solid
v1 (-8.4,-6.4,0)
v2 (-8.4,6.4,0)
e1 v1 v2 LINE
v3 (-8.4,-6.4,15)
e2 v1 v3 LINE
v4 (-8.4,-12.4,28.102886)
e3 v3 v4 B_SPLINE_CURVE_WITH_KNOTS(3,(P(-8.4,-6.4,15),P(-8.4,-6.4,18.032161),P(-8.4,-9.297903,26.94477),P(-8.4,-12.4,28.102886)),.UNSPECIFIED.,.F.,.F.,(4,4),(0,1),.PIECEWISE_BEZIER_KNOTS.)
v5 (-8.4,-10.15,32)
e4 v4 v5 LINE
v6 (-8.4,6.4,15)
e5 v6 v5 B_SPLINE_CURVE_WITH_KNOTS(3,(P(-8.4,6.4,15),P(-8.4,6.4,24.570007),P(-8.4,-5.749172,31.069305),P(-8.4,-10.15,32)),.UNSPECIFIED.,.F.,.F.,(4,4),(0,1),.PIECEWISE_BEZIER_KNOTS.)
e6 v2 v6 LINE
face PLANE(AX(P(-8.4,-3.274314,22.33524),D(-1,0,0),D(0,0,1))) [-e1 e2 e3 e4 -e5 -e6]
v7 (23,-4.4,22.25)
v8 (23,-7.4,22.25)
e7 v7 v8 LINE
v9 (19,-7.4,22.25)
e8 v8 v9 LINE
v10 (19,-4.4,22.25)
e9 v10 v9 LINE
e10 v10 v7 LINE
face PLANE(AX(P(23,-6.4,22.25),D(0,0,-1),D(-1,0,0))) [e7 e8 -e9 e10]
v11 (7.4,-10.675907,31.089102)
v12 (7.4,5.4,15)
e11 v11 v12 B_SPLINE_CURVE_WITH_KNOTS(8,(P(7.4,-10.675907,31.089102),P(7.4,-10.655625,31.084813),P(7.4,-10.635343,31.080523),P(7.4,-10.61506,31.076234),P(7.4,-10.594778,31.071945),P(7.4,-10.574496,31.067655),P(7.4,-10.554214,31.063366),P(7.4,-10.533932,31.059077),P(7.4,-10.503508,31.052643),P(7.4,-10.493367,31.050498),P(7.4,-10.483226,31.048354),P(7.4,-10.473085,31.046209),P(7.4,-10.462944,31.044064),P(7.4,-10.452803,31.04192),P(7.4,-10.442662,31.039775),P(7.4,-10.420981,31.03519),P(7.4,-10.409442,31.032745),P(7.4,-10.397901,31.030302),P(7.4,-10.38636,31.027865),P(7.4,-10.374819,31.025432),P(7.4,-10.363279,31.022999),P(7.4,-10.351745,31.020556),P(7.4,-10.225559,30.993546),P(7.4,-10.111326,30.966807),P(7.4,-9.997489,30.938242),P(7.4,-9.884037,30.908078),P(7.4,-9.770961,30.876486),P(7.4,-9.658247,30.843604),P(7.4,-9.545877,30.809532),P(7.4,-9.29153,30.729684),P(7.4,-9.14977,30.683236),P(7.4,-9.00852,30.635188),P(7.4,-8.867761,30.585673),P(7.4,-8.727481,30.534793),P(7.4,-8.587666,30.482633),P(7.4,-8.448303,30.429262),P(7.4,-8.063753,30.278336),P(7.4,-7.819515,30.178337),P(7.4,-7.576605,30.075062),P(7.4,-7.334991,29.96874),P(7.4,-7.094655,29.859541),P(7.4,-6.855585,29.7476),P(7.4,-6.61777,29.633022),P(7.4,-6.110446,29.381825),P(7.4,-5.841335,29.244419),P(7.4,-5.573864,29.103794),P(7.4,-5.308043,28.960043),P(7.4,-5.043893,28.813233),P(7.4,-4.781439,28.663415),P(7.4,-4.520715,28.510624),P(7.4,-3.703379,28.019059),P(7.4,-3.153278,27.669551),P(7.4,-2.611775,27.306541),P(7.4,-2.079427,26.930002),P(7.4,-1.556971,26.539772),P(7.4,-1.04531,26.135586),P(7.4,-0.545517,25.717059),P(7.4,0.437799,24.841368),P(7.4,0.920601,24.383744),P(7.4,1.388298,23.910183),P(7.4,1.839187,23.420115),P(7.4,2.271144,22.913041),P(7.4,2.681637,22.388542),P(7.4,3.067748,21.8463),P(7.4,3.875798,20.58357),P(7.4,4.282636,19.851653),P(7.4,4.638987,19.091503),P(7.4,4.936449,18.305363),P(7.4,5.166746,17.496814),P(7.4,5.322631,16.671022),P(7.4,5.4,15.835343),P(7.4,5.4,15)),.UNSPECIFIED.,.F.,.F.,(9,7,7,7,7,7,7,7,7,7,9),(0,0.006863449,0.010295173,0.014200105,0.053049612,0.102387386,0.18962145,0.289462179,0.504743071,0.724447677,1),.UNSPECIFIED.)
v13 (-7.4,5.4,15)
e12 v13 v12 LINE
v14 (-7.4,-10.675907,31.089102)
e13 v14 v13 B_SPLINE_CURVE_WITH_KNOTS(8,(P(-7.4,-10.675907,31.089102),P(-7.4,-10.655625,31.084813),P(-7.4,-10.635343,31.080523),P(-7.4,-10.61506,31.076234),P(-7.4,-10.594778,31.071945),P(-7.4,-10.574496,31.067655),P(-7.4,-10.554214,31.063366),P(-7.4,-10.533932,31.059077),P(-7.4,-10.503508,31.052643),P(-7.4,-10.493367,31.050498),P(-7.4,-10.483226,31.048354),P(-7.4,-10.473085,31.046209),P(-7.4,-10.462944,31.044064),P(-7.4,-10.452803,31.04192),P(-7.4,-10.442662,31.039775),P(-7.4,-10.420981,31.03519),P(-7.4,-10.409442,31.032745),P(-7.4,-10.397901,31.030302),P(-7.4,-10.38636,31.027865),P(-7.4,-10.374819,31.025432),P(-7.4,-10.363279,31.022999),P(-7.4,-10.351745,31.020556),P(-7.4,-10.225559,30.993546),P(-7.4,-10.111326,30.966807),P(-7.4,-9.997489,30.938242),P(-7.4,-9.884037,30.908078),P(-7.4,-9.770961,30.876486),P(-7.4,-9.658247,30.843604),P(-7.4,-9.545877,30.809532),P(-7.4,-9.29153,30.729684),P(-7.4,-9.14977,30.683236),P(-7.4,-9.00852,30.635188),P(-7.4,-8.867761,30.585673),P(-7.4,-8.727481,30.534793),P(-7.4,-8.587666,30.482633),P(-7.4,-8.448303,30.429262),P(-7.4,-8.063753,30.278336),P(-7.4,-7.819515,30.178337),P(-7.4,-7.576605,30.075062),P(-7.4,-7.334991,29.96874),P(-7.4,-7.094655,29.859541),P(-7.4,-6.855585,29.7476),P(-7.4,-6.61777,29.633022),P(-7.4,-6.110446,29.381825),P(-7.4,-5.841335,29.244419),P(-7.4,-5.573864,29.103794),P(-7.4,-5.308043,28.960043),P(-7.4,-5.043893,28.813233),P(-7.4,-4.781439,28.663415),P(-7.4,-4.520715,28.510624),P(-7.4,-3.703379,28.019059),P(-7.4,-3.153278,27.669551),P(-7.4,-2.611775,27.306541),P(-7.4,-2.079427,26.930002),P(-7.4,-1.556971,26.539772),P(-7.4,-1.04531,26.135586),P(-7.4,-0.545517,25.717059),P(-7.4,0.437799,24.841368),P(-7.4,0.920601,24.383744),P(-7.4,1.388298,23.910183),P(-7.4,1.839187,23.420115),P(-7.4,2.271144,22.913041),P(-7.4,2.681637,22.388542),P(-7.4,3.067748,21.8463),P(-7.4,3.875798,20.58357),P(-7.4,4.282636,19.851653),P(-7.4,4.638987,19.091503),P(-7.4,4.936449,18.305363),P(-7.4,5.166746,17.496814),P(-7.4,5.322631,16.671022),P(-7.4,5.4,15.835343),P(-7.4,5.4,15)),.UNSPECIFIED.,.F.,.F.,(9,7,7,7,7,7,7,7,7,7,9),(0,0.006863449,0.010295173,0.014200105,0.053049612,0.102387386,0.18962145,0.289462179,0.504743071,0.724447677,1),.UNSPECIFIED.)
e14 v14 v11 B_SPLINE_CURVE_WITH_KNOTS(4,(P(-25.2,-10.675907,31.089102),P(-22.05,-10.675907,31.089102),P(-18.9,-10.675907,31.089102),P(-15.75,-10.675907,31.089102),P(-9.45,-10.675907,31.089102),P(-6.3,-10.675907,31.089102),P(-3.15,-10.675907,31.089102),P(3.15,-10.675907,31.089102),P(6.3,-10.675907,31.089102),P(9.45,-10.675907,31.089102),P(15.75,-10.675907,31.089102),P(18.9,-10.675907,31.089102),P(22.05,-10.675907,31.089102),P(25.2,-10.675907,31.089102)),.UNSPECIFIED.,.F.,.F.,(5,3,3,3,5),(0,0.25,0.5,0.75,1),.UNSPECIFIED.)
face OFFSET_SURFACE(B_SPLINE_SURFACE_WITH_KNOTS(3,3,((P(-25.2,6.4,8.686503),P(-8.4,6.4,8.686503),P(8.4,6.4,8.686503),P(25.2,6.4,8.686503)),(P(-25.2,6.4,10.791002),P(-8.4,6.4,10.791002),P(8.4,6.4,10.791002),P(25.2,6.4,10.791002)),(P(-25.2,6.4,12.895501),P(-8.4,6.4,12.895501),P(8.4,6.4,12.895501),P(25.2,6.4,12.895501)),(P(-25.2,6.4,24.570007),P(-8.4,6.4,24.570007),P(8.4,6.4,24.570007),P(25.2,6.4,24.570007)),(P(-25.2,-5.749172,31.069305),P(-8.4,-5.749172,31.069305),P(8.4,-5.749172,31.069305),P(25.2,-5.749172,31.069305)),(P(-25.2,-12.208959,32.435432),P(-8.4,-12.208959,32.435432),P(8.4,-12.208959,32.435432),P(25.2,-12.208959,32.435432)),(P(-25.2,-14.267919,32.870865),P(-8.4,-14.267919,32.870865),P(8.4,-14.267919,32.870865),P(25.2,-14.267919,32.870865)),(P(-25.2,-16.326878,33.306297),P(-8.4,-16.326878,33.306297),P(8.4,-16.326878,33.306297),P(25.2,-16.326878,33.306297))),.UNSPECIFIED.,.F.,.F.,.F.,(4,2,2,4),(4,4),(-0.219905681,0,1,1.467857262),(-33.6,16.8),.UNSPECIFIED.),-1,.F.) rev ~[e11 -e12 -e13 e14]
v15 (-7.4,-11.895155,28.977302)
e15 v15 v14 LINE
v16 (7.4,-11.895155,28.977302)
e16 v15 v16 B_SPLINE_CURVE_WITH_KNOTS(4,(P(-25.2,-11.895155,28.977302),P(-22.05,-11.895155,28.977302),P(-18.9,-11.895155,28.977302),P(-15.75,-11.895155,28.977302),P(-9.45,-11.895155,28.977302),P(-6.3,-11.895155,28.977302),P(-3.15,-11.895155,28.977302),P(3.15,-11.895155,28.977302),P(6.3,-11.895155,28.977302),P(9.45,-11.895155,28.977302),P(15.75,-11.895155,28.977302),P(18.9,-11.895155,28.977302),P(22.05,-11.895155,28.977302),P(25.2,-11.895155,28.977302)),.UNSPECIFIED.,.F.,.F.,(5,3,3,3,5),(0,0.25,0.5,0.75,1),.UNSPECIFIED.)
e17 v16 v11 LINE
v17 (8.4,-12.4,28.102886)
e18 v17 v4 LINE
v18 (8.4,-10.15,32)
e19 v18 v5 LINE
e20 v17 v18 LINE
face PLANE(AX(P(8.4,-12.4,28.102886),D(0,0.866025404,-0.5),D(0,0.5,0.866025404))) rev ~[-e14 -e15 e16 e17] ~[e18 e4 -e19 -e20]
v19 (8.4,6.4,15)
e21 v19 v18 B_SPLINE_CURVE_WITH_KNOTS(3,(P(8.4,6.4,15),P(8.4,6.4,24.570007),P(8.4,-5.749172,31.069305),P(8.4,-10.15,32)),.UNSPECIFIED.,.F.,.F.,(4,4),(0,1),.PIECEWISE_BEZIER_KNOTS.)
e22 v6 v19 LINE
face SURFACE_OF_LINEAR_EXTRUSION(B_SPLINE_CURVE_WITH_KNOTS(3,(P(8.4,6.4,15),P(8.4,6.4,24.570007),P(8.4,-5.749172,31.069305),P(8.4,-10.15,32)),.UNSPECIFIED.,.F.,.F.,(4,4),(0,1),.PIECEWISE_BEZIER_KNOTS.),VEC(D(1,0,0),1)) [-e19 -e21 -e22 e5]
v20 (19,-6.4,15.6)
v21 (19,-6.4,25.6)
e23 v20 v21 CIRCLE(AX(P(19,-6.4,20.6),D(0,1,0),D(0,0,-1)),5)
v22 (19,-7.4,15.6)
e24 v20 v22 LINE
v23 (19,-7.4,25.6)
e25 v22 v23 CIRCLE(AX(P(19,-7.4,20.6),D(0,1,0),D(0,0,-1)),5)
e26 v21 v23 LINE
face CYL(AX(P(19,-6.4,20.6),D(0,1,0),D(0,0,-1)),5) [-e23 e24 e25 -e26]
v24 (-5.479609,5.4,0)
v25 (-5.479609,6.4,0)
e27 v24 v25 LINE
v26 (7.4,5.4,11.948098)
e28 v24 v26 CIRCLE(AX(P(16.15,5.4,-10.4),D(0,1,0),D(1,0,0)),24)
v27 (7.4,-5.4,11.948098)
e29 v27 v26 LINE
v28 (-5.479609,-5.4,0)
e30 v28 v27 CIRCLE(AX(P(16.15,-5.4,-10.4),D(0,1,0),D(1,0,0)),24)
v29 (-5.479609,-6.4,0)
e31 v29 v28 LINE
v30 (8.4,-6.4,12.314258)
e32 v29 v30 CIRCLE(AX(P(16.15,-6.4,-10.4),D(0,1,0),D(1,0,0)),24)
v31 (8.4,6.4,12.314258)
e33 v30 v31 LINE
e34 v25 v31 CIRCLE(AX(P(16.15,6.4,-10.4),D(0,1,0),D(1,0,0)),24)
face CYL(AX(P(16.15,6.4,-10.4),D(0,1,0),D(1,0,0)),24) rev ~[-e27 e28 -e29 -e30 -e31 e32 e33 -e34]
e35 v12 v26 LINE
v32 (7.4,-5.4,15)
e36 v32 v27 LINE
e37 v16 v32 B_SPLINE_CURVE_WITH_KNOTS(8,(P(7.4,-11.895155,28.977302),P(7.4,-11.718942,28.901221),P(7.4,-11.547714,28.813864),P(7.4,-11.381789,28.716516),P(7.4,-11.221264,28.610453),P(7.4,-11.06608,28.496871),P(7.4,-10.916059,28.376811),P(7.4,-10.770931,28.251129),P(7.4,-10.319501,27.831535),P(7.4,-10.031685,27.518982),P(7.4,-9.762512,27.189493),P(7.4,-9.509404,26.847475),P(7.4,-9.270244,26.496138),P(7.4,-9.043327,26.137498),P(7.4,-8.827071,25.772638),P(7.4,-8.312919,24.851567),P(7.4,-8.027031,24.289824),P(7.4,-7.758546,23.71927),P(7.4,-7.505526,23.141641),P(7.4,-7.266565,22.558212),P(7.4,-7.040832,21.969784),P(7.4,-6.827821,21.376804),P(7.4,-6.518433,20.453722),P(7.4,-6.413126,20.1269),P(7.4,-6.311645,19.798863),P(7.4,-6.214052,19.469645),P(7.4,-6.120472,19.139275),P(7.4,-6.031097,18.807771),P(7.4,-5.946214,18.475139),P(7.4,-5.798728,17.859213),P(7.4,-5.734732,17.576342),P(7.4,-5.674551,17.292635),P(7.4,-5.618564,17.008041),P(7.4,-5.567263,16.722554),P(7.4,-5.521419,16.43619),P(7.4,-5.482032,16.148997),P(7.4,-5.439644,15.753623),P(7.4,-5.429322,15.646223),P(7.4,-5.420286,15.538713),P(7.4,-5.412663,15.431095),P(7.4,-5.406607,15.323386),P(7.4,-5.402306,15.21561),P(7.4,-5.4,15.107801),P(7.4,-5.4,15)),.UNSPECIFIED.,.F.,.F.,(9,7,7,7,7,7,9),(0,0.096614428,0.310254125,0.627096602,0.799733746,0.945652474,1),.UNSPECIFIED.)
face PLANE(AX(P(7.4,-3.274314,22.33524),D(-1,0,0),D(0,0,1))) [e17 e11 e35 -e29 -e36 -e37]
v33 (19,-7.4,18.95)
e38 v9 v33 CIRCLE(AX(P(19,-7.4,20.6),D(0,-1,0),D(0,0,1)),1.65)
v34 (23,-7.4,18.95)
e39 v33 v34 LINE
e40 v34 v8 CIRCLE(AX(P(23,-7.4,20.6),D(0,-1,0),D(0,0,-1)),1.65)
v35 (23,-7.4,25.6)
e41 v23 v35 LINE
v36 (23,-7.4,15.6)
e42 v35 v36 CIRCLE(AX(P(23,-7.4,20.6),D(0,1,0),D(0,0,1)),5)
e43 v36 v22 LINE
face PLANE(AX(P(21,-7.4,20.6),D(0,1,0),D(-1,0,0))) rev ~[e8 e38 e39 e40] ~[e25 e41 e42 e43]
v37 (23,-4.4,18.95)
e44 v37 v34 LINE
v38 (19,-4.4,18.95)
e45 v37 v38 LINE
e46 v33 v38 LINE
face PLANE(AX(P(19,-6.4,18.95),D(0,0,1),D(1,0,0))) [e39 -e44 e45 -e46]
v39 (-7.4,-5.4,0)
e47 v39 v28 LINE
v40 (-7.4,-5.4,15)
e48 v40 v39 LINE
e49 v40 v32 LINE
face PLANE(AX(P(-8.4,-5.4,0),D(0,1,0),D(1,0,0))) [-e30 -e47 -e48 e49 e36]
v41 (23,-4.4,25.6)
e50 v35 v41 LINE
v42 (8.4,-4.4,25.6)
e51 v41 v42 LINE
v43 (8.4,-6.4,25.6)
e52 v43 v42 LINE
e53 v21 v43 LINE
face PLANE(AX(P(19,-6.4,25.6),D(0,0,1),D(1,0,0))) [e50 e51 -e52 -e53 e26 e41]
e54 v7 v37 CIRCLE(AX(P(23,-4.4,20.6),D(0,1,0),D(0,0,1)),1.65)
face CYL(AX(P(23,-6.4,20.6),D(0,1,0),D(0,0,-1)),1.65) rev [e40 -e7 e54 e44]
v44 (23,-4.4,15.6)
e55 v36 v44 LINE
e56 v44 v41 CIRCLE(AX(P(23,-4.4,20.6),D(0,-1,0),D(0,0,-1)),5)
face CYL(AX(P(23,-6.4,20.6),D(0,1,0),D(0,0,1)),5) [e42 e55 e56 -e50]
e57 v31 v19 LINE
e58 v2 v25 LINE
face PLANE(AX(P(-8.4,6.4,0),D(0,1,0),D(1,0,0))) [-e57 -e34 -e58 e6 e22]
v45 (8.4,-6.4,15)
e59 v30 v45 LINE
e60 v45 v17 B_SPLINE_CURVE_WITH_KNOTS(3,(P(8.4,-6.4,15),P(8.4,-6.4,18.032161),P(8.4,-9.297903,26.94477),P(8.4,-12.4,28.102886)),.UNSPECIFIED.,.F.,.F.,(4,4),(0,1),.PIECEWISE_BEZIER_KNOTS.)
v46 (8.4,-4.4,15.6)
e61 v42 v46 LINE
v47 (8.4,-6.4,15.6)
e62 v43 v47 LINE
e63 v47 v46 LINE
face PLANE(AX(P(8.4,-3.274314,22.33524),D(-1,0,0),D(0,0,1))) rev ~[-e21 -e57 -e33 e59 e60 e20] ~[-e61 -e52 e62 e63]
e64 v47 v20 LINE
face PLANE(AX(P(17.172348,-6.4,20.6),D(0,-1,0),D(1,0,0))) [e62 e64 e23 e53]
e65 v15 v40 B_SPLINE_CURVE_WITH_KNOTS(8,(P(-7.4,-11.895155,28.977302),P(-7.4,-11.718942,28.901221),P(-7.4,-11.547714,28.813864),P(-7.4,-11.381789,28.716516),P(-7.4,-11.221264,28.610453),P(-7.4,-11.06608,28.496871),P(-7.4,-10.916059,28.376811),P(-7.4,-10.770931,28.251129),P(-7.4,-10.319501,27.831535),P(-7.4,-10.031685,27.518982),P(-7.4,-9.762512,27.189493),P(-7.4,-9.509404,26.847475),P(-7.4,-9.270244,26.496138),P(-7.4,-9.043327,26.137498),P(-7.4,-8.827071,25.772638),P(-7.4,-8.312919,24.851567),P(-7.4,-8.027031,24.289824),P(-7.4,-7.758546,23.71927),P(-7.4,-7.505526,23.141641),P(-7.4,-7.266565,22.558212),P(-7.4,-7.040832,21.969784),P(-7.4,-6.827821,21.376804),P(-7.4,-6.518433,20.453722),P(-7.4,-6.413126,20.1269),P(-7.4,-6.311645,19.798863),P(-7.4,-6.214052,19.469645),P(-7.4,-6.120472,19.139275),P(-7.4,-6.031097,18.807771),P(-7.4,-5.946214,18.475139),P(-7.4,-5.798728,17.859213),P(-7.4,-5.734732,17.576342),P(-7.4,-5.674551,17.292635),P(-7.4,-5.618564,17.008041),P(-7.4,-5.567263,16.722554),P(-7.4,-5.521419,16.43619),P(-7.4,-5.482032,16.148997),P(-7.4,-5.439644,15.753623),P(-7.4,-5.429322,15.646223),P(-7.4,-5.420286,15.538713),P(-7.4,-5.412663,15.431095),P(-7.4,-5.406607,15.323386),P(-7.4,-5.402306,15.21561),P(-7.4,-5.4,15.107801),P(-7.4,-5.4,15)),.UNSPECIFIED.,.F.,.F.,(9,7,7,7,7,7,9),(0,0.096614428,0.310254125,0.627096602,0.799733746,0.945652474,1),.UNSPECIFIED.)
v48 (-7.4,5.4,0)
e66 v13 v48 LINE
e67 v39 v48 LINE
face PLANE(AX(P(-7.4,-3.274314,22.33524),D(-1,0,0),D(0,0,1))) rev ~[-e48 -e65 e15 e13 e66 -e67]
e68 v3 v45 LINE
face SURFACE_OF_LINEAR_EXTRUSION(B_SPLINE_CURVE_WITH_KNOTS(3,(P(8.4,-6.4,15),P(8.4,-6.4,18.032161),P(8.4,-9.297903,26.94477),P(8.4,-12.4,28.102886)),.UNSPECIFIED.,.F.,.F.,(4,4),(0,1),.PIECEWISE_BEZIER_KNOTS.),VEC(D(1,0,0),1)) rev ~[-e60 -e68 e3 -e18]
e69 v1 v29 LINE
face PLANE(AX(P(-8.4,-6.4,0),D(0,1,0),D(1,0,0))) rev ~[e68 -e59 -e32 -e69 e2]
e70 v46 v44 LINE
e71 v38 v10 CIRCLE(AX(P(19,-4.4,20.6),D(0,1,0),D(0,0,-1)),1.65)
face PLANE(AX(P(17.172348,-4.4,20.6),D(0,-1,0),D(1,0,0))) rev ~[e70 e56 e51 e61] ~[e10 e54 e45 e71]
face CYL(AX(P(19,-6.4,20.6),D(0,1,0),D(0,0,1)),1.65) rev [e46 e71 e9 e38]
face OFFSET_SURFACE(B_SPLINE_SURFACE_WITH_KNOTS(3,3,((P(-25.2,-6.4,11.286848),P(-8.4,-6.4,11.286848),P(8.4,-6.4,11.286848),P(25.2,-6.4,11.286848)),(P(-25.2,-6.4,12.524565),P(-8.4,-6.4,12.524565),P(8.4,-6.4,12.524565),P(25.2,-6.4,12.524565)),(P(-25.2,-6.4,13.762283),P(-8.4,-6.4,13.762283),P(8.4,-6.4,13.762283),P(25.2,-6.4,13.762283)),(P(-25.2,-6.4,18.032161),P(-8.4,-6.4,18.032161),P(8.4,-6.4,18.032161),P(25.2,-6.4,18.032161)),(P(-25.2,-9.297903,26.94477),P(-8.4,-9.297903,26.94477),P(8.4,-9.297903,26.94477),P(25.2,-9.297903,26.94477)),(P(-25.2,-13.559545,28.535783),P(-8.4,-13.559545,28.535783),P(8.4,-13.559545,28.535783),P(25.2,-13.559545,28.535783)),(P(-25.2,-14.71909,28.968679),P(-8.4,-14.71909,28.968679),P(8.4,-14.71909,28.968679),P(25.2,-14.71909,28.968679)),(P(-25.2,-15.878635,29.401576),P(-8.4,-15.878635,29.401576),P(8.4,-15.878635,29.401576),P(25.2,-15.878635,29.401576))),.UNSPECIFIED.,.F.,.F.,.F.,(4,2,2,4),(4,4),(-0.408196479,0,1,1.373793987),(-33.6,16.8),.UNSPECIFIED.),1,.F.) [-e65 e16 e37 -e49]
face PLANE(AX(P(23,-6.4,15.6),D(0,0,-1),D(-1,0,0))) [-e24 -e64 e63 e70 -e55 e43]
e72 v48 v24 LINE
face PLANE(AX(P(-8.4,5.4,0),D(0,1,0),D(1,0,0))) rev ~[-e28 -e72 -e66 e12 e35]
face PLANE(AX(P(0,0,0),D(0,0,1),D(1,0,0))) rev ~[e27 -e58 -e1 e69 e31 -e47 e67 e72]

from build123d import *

# Parameters (mm, degrees)
ESBO_O1_W                = 16.8
ESBO_O1_H                = 12.8
RESSALTO_EXTRUS_O1_DEPTH = 15
RESSALTO_EXTRUS_O2_DEPTH = 16.8
CASCA1_T                 = -1
ESBO_O5_R                = 24
CORTE_EXTRUS_O1_DEPTH    = 19.8000001
RESSALTO_EXTRUS_O3_DEPTH = 2
RESSALTO_EXTRUS_O4_DEPTH = 1


with BuildPart() as part:
    # Esboço1 → Ressalto-extrusão1 (new body)
    with BuildSketch(Plane.XY):
        Rectangle(ESBO_O1_W, ESBO_O1_H)
    extrude(amount=RESSALTO_EXTRUS_O1_DEPTH)

    # Esboço2 → Ressalto-extrusão2 (add, through all)
    with BuildSketch(Plane(origin=(8.4, 0, 0), x_dir=(0, 0, -1), z_dir=(1, 0, 0))):
        with BuildLine():
            Line((-28.102885683, -12.4), (-32, -10.15))
            add(Edge.make_bspline(
                [(-15, 6.4), (-24.5700068, 6.4), (-31.06930524, -5.749171672), (-32, -10.15)],
                knots=[0, 0, 0, 0, 1, 1, 1, 1], degree=3))
            Line((-15, 6.4), (-15, -6.4))
            add(Edge.make_bspline(
                [(-15, -6.4), (-18.032161103, -6.4), (-26.944769552, -9.297903221), (-28.102885683, -12.4)],
                knots=[0, 0, 0, 0, 1, 1, 1, 1], degree=3))
        make_face()
    extrude(amount=-RESSALTO_EXTRUS_O2_DEPTH)

    # Casca1
    casca1_openings = [part.faces().sort_by_distance(p)[0] for p in [
        (0, -11.275, 30.051442841),
        (0, 0, 0),
    ]]
    offset(amount=CASCA1_T, openings=casca1_openings)

    # Esboço5 → Corte-extrusão1 (cut, through all)
    with BuildSketch(Plane(origin=(0, 6.4, 0), x_dir=(1, 0, 0), z_dir=(0, 1, 0))):
        with Locations((16.15, 10.4)):
            Circle(ESBO_O5_R)
    extrude(amount=-CORTE_EXTRUS_O1_DEPTH, mode=Mode.SUBTRACT)

    # Esboço6 → Ressalto-extrusão3 (add)
    with BuildSketch(Plane.XZ.offset(6.4)):
        with BuildLine():
            Line((23, 25.6), (8.4, 25.6))
            Line((8.4, 25.6), (8.4, 15.6))
            Line((8.4, 15.6), (23, 15.6))
            ThreePointArc((23, 15.6), (28, 20.6), (23, 25.6))
        make_face()
        with BuildLine():
            Line((19, 22.25), (23, 22.25))
            ThreePointArc((23, 22.25), (24.65, 20.6), (23, 18.95))
            Line((23, 18.95), (19, 18.95))
            ThreePointArc((19, 18.95), (17.35, 20.6), (19, 22.25))
        make_face(mode=Mode.SUBTRACT)
    extrude(amount=-RESSALTO_EXTRUS_O3_DEPTH)

    # Esboço7 → Ressalto-extrusão4 (add)
    with BuildSketch(Plane.XZ.offset(6.4)):
        with BuildLine():
            Line((19, 25.6), (23, 25.6))
            ThreePointArc((23, 25.6), (28, 20.6), (23, 15.6))
            Line((23, 15.6), (19, 15.6))
            ThreePointArc((19, 15.6), (14, 20.6), (19, 25.6))
        make_face()
        with BuildLine():
            Line((19, 18.95), (23, 18.95))
            ThreePointArc((23, 18.95), (24.65, 20.6), (23, 22.25))
            Line((23, 22.25), (19, 22.25))
            ThreePointArc((19, 22.25), (17.35, 20.6), (19, 18.95))
        make_face(mode=Mode.SUBTRACT)
    extrude(amount=RESSALTO_EXTRUS_O4_DEPTH)


solid = part.part
